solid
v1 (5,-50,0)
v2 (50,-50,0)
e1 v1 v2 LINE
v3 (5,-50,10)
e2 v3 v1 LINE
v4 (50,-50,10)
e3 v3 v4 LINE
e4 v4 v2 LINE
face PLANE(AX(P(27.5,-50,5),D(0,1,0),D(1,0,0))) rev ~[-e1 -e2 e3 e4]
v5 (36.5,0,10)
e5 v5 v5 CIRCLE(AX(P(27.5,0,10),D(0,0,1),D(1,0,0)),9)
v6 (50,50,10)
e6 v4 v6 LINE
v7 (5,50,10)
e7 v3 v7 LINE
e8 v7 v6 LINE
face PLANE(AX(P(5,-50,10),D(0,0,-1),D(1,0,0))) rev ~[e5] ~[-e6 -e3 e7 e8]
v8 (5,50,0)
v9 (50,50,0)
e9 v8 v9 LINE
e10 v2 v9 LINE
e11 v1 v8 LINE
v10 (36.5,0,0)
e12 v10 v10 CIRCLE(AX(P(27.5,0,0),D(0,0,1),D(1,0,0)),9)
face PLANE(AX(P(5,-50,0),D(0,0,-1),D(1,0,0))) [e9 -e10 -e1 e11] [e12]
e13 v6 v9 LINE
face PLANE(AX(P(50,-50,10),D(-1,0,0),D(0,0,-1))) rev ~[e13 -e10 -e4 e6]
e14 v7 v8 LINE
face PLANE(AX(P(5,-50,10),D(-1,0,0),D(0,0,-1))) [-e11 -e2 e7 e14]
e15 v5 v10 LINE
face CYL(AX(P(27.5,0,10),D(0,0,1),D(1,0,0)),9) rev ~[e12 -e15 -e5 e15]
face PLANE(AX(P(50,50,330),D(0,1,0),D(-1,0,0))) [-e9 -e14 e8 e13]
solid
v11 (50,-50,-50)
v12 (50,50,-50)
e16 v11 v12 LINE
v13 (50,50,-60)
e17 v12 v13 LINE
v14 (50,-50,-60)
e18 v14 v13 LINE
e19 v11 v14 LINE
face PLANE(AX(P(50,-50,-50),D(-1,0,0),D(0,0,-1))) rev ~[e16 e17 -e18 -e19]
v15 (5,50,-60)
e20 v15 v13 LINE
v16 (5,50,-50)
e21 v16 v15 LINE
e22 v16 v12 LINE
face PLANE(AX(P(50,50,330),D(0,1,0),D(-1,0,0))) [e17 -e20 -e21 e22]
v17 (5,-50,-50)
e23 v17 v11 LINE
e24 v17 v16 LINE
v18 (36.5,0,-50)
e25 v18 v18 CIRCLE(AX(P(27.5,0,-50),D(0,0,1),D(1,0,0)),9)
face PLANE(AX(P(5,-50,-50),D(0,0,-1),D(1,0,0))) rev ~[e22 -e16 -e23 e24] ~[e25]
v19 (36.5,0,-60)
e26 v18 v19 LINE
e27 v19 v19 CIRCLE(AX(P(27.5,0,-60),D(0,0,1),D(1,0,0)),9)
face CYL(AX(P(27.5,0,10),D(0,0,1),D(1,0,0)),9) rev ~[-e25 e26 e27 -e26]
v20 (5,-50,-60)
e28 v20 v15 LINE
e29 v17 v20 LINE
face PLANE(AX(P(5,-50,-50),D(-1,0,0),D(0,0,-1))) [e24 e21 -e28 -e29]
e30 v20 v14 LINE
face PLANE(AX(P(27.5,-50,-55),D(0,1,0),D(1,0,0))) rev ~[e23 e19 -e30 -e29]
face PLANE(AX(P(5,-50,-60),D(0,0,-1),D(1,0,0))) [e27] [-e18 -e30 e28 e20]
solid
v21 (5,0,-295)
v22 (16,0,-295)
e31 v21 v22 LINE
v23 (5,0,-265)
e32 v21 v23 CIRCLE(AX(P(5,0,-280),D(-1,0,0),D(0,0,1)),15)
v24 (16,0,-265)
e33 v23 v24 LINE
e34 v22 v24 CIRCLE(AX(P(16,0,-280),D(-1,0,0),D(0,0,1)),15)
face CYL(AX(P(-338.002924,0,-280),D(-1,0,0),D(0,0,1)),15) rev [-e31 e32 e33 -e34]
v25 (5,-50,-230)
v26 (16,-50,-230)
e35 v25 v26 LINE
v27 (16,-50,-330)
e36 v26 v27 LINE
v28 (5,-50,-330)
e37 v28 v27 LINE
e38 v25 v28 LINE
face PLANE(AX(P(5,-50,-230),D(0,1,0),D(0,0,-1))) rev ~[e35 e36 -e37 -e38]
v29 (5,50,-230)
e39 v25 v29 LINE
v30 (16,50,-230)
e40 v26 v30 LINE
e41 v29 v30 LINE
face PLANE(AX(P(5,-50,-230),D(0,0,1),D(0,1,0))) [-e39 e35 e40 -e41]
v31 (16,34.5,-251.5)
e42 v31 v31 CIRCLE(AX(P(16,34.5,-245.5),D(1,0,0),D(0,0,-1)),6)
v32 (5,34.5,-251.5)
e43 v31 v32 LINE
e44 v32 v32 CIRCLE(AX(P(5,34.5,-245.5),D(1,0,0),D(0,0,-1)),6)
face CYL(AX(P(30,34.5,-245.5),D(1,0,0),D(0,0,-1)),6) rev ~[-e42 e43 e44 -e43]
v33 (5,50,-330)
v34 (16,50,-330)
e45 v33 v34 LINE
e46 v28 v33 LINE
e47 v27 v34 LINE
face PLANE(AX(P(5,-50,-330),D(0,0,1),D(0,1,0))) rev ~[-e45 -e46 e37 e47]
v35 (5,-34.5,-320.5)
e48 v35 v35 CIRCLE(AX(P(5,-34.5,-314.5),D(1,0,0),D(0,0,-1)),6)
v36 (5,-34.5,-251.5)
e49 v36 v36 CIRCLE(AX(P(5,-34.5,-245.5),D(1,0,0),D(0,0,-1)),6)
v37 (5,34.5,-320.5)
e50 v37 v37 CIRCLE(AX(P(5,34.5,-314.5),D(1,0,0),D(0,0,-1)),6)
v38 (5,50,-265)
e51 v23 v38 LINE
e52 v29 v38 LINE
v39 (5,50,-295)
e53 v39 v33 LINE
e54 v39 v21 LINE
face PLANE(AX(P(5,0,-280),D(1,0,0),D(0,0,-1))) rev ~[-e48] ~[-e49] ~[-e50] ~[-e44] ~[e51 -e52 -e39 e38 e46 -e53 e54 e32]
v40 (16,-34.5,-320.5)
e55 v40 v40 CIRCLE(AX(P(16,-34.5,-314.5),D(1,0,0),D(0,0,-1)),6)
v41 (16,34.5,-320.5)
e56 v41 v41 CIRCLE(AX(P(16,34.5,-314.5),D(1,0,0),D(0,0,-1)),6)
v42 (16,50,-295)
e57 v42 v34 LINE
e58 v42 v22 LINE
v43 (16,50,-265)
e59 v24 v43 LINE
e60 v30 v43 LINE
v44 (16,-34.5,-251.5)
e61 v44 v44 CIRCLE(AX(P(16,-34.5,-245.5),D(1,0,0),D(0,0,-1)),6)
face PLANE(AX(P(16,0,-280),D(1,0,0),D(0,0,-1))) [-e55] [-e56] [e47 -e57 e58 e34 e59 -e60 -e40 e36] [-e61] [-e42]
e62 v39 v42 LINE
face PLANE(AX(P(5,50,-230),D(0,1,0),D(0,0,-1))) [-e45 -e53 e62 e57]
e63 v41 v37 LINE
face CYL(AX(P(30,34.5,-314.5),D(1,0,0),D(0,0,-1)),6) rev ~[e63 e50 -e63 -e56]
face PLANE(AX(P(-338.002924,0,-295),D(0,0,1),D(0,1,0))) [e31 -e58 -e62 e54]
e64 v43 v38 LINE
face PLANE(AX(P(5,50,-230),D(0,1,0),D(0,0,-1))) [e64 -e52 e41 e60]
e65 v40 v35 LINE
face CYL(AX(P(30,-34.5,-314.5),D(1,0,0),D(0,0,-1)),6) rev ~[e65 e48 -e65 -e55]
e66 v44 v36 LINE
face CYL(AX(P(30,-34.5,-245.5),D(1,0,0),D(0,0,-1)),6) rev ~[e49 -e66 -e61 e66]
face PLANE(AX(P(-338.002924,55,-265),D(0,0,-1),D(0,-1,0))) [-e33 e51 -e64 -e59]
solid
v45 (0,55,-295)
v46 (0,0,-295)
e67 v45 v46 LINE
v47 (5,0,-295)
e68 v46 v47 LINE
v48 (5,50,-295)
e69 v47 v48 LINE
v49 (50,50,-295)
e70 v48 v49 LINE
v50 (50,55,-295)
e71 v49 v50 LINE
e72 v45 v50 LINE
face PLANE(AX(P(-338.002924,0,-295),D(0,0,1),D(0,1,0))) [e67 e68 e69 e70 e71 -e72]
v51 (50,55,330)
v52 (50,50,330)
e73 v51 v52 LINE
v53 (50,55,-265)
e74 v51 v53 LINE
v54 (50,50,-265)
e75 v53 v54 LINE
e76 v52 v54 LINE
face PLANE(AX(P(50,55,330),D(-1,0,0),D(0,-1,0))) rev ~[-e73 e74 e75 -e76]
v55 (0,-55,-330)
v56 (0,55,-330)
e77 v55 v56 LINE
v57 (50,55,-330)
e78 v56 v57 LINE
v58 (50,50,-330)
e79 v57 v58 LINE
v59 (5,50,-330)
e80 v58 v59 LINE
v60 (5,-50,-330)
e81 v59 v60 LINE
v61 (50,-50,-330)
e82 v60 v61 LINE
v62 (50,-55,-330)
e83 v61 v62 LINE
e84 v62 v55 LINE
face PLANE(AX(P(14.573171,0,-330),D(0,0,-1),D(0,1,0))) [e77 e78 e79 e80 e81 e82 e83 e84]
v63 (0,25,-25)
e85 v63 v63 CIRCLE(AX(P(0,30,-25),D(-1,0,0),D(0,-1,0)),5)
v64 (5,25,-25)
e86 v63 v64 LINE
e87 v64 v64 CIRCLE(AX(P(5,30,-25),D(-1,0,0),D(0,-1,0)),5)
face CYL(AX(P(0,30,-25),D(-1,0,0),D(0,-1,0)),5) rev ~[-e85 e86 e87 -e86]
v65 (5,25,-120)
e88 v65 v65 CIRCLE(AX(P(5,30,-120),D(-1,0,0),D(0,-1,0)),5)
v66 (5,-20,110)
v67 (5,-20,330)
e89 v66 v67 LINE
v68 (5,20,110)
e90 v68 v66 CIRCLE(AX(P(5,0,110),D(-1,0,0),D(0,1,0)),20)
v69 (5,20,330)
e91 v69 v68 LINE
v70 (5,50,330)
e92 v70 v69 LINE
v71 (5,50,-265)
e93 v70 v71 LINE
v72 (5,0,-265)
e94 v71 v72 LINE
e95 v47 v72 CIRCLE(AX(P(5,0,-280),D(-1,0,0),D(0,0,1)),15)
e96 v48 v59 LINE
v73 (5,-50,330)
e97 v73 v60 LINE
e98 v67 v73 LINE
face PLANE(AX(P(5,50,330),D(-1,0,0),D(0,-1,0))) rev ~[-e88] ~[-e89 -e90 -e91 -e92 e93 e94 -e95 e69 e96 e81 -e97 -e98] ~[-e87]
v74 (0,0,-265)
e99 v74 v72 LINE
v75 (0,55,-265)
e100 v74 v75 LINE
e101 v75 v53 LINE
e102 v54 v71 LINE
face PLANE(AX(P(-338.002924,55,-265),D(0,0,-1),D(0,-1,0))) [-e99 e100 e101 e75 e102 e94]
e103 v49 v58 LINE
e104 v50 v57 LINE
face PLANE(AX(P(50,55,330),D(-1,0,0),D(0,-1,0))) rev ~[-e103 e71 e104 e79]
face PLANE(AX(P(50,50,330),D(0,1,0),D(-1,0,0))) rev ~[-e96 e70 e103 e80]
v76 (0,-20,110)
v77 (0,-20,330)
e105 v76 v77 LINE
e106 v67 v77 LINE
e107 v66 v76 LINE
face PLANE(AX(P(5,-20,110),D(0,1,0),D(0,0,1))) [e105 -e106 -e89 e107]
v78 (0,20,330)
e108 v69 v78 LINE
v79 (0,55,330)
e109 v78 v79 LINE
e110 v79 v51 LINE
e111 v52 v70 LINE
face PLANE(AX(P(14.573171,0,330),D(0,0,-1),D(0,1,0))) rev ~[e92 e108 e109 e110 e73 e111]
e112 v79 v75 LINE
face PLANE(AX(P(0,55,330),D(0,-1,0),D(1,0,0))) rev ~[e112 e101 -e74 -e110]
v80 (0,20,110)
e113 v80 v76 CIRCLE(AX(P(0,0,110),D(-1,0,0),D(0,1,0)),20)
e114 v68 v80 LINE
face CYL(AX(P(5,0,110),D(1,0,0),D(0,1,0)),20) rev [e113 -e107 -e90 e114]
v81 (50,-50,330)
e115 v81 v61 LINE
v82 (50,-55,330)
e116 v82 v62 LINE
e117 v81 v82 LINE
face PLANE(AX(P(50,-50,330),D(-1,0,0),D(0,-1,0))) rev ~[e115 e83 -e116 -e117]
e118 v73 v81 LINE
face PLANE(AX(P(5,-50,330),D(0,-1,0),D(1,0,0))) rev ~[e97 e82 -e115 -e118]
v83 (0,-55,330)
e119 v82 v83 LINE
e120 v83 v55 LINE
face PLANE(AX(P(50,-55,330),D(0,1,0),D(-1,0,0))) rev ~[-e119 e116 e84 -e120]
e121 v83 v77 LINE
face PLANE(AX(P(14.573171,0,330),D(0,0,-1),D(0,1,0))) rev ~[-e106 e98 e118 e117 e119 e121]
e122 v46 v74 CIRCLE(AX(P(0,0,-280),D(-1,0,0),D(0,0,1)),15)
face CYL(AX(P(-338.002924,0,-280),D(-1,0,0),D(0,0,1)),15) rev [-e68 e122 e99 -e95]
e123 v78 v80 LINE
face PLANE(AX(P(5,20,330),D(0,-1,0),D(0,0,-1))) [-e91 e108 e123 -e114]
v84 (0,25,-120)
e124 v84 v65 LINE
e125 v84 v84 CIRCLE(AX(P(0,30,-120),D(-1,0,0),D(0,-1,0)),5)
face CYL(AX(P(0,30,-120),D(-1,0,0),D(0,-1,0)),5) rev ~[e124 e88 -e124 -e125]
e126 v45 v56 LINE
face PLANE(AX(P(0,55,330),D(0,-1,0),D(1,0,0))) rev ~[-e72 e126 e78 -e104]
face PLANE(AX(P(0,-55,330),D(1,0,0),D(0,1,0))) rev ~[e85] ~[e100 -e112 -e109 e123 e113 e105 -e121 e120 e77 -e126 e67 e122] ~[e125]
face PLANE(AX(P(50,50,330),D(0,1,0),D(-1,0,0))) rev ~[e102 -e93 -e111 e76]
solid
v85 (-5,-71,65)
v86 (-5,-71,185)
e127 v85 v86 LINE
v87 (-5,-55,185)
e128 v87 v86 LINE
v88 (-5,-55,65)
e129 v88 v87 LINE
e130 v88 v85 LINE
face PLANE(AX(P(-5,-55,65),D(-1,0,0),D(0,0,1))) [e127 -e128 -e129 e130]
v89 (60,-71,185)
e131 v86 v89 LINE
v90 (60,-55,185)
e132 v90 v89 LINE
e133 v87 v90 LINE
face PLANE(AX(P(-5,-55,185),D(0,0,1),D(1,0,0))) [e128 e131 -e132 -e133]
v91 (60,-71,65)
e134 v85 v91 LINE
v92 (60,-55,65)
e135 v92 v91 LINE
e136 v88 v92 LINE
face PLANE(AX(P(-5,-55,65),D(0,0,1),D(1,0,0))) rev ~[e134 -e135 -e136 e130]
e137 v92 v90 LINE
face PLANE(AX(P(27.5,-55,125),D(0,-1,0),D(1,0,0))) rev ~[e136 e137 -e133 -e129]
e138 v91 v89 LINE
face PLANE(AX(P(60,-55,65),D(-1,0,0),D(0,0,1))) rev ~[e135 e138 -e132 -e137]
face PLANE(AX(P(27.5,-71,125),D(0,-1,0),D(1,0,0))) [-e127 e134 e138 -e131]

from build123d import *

# Parameters (mm, degrees)
C_CHANNEL_100_X_10_1_DEPTH = 660
BOSS_EXTRUDE1_REACH        = 351.893
SKETCH12_W                 = 45
SKETCH12_H                 = 10
CUT_EXTRUDE1_DEPTH         = 5
SKETCH17_W                 = 100
SKETCH17_H                 = 100
BOSS_EXTRUDE3_DEPTH        = 11
SKETCH15_W                 = 65
SKETCH15_H                 = 120
BOSS_EXTRUDE2_DEPTH        = 16
CUT_EXTRUDE2_DEPTH         = 343.002923964
CUT_EXTRUDE2_DEPTH_BACK    = 343.002923964
SKETCH19_R                 = 6
CUT_EXTRUDE4_DEPTH         = 25
SKETCH20_R                 = 5
CUT_EXTRUDE5_DEPTH         = 343.84252945
CUT_EXTRUDE7_REACH         = 354.478
SKETCH22_R                 = 9


with BuildPart() as part:
    # Sketch11 → C channel 100 X 10(1) (new body)
    with BuildSketch(Plane.YX.offset(-330)):
        Polygon((-55, 0), (55, 0), (55, 50), (50, 50), (50, 5), (-50, 5), (-50, 50), (-55, 50), align=None)
    extrude(amount=C_CHANNEL_100_X_10_1_DEPTH)


with BuildPart() as body_2:

    # Sketch12 → Boss-Extrude1 (new, up to next)
    with BuildSketch(Plane(origin=(0, -50, 0), x_dir=(1, 0, 0), z_dir=(0, 1, 0)), mode=Mode.PRIVATE) as boss_extrude1_sk1:
        with Locations((27.5, -5)):
            Rectangle(SKETCH12_W, SKETCH12_H)
    boss_extrude1_tool1 = extrude(boss_extrude1_sk1.sketch, amount=BOSS_EXTRUDE1_REACH, mode=Mode.PRIVATE) - part.part
    # Sketch12 → Boss-Extrude1 (new, up to next)
    with BuildSketch(Plane(origin=(0, -50, 0), x_dir=(1, 0, 0), z_dir=(0, 1, 0)), mode=Mode.PRIVATE) as boss_extrude1_sk2:
        with Locations((27.5, 55)):
            Rectangle(SKETCH12_W, SKETCH12_H)
    boss_extrude1_tool2 = extrude(boss_extrude1_sk2.sketch, amount=BOSS_EXTRUDE1_REACH, mode=Mode.PRIVATE) - part.part
    add(boss_extrude1_tool1.solids().sort_by_distance((27.5, -50, 5))[0])
    add(boss_extrude1_tool2.solids().sort_by_distance((27.5, -50, -55))[0])

    # Cut-Extrude7: up to this face of the body (flat: up to its plane)
    cut_extrude7_end = Plane(body_2.part.faces().sort_by_distance((27.5, 0, -60))[0])
    # Sketch22 → Cut-Extrude7 (cut, up to the picked face)
    with BuildSketch(Plane.XY.offset(10), mode=Mode.PRIVATE) as cut_extrude7_sk1:
        with Locations((27.5, 0)):
            Circle(SKETCH22_R)
    cut_extrude7_tool1 = split(extrude(cut_extrude7_sk1.sketch, amount=-CUT_EXTRUDE7_REACH, mode=Mode.PRIVATE), bisect_by=cut_extrude7_end, keep=Keep.BOTH, mode=Mode.PRIVATE)
    add(cut_extrude7_tool1.solids().sort_by(Axis((27.5, 0, 10), (0, 0, -1)))[0], mode=Mode.SUBTRACT)


with BuildPart() as part_1:
    add(part.part)

    # Sketch13 → Cut-Extrude1 (cut)
    with BuildSketch(Plane(origin=(5, 0, 0), x_dir=(0, 0, -1), z_dir=(1, 0, 0))):
        with BuildLine():
            Line((-330, 20), (-110, 20))
            ThreePointArc((-110, 20), (-90, 0), (-110, -20))
            Line((-110, -20), (-330, -20))
            Line((-330, -20), (-330, 20))
        make_face()
    extrude(amount=-CUT_EXTRUDE1_DEPTH, mode=Mode.SUBTRACT)


with BuildPart() as body_3:
    # Sketch17 → Boss-Extrude3 (new body)
    with BuildSketch(Plane(origin=(5, 0, 0), x_dir=(0, 0, -1), z_dir=(1, 0, 0))):
        with Locations((280, 0)):
            Rectangle(SKETCH17_W, SKETCH17_H)
    extrude(amount=BOSS_EXTRUDE3_DEPTH)


with BuildPart() as body_4:
    # Sketch15 → Boss-Extrude2 (new body)
    with BuildSketch(Plane.XZ.offset(55)):
        with Locations((27.5, 125)):
            Rectangle(SKETCH15_W, SKETCH15_H)
    extrude(amount=BOSS_EXTRUDE2_DEPTH)


with BuildPart() as cut_extrude2_tool:
    # Sketch14 → Cut-Extrude2 (new, two sides: drawn at the far end of the back side and taken through both)
    with BuildSketch(Plane(origin=(5, 0, 0), x_dir=(0, 0, -1), z_dir=(1, 0, 0)).offset(-CUT_EXTRUDE2_DEPTH_BACK)):
        with BuildLine():
            Line((265, 55), (265, 0))
            ThreePointArc((265, 0), (280, -15), (295, 0))
            Line((295, 0), (295, 55))
            Line((295, 55), (265, 55))
        make_face()
    extrude(amount=CUT_EXTRUDE2_DEPTH + CUT_EXTRUDE2_DEPTH_BACK)


with BuildPart() as part_2:
    add(part_1.part)

    # Cut-Extrude2: cut by cut_extrude2_tool
    add(cut_extrude2_tool.part, mode=Mode.SUBTRACT)

    # Sketch20 → Cut-Extrude5 (cut, through all)
    with BuildSketch(Plane.ZY):
        with Locations(Location((-25, 30, 0), (0, 0, 270))):
            Circle(SKETCH20_R)
        with Locations(Location((-120, 30, 0), (0, 0, 270))):
            Circle(SKETCH20_R)
    extrude(amount=-CUT_EXTRUDE5_DEPTH, mode=Mode.SUBTRACT)


with BuildPart() as body_3_1:
    add(body_3.part)

    # Cut-Extrude2: cut by cut_extrude2_tool
    add(cut_extrude2_tool.part, mode=Mode.SUBTRACT)

    # Sketch19 → Cut-Extrude4 (cut)
    with BuildSketch(Plane(origin=(30, 0, 0), x_dir=(0, 0, -1), z_dir=(1, 0, 0))):
        with Locations((314.5, -34.5)):
            Circle(SKETCH19_R)
        with Locations((245.5, -34.5)):
            Circle(SKETCH19_R)
        with Locations((314.5, 34.5)):
            Circle(SKETCH19_R)
        with Locations((245.5, 34.5)):
            Circle(SKETCH19_R)
    extrude(amount=-CUT_EXTRUDE4_DEPTH, mode=Mode.SUBTRACT)


solid = Compound([body_2.part, body_4.part, part_2.part, body_3_1.part])
